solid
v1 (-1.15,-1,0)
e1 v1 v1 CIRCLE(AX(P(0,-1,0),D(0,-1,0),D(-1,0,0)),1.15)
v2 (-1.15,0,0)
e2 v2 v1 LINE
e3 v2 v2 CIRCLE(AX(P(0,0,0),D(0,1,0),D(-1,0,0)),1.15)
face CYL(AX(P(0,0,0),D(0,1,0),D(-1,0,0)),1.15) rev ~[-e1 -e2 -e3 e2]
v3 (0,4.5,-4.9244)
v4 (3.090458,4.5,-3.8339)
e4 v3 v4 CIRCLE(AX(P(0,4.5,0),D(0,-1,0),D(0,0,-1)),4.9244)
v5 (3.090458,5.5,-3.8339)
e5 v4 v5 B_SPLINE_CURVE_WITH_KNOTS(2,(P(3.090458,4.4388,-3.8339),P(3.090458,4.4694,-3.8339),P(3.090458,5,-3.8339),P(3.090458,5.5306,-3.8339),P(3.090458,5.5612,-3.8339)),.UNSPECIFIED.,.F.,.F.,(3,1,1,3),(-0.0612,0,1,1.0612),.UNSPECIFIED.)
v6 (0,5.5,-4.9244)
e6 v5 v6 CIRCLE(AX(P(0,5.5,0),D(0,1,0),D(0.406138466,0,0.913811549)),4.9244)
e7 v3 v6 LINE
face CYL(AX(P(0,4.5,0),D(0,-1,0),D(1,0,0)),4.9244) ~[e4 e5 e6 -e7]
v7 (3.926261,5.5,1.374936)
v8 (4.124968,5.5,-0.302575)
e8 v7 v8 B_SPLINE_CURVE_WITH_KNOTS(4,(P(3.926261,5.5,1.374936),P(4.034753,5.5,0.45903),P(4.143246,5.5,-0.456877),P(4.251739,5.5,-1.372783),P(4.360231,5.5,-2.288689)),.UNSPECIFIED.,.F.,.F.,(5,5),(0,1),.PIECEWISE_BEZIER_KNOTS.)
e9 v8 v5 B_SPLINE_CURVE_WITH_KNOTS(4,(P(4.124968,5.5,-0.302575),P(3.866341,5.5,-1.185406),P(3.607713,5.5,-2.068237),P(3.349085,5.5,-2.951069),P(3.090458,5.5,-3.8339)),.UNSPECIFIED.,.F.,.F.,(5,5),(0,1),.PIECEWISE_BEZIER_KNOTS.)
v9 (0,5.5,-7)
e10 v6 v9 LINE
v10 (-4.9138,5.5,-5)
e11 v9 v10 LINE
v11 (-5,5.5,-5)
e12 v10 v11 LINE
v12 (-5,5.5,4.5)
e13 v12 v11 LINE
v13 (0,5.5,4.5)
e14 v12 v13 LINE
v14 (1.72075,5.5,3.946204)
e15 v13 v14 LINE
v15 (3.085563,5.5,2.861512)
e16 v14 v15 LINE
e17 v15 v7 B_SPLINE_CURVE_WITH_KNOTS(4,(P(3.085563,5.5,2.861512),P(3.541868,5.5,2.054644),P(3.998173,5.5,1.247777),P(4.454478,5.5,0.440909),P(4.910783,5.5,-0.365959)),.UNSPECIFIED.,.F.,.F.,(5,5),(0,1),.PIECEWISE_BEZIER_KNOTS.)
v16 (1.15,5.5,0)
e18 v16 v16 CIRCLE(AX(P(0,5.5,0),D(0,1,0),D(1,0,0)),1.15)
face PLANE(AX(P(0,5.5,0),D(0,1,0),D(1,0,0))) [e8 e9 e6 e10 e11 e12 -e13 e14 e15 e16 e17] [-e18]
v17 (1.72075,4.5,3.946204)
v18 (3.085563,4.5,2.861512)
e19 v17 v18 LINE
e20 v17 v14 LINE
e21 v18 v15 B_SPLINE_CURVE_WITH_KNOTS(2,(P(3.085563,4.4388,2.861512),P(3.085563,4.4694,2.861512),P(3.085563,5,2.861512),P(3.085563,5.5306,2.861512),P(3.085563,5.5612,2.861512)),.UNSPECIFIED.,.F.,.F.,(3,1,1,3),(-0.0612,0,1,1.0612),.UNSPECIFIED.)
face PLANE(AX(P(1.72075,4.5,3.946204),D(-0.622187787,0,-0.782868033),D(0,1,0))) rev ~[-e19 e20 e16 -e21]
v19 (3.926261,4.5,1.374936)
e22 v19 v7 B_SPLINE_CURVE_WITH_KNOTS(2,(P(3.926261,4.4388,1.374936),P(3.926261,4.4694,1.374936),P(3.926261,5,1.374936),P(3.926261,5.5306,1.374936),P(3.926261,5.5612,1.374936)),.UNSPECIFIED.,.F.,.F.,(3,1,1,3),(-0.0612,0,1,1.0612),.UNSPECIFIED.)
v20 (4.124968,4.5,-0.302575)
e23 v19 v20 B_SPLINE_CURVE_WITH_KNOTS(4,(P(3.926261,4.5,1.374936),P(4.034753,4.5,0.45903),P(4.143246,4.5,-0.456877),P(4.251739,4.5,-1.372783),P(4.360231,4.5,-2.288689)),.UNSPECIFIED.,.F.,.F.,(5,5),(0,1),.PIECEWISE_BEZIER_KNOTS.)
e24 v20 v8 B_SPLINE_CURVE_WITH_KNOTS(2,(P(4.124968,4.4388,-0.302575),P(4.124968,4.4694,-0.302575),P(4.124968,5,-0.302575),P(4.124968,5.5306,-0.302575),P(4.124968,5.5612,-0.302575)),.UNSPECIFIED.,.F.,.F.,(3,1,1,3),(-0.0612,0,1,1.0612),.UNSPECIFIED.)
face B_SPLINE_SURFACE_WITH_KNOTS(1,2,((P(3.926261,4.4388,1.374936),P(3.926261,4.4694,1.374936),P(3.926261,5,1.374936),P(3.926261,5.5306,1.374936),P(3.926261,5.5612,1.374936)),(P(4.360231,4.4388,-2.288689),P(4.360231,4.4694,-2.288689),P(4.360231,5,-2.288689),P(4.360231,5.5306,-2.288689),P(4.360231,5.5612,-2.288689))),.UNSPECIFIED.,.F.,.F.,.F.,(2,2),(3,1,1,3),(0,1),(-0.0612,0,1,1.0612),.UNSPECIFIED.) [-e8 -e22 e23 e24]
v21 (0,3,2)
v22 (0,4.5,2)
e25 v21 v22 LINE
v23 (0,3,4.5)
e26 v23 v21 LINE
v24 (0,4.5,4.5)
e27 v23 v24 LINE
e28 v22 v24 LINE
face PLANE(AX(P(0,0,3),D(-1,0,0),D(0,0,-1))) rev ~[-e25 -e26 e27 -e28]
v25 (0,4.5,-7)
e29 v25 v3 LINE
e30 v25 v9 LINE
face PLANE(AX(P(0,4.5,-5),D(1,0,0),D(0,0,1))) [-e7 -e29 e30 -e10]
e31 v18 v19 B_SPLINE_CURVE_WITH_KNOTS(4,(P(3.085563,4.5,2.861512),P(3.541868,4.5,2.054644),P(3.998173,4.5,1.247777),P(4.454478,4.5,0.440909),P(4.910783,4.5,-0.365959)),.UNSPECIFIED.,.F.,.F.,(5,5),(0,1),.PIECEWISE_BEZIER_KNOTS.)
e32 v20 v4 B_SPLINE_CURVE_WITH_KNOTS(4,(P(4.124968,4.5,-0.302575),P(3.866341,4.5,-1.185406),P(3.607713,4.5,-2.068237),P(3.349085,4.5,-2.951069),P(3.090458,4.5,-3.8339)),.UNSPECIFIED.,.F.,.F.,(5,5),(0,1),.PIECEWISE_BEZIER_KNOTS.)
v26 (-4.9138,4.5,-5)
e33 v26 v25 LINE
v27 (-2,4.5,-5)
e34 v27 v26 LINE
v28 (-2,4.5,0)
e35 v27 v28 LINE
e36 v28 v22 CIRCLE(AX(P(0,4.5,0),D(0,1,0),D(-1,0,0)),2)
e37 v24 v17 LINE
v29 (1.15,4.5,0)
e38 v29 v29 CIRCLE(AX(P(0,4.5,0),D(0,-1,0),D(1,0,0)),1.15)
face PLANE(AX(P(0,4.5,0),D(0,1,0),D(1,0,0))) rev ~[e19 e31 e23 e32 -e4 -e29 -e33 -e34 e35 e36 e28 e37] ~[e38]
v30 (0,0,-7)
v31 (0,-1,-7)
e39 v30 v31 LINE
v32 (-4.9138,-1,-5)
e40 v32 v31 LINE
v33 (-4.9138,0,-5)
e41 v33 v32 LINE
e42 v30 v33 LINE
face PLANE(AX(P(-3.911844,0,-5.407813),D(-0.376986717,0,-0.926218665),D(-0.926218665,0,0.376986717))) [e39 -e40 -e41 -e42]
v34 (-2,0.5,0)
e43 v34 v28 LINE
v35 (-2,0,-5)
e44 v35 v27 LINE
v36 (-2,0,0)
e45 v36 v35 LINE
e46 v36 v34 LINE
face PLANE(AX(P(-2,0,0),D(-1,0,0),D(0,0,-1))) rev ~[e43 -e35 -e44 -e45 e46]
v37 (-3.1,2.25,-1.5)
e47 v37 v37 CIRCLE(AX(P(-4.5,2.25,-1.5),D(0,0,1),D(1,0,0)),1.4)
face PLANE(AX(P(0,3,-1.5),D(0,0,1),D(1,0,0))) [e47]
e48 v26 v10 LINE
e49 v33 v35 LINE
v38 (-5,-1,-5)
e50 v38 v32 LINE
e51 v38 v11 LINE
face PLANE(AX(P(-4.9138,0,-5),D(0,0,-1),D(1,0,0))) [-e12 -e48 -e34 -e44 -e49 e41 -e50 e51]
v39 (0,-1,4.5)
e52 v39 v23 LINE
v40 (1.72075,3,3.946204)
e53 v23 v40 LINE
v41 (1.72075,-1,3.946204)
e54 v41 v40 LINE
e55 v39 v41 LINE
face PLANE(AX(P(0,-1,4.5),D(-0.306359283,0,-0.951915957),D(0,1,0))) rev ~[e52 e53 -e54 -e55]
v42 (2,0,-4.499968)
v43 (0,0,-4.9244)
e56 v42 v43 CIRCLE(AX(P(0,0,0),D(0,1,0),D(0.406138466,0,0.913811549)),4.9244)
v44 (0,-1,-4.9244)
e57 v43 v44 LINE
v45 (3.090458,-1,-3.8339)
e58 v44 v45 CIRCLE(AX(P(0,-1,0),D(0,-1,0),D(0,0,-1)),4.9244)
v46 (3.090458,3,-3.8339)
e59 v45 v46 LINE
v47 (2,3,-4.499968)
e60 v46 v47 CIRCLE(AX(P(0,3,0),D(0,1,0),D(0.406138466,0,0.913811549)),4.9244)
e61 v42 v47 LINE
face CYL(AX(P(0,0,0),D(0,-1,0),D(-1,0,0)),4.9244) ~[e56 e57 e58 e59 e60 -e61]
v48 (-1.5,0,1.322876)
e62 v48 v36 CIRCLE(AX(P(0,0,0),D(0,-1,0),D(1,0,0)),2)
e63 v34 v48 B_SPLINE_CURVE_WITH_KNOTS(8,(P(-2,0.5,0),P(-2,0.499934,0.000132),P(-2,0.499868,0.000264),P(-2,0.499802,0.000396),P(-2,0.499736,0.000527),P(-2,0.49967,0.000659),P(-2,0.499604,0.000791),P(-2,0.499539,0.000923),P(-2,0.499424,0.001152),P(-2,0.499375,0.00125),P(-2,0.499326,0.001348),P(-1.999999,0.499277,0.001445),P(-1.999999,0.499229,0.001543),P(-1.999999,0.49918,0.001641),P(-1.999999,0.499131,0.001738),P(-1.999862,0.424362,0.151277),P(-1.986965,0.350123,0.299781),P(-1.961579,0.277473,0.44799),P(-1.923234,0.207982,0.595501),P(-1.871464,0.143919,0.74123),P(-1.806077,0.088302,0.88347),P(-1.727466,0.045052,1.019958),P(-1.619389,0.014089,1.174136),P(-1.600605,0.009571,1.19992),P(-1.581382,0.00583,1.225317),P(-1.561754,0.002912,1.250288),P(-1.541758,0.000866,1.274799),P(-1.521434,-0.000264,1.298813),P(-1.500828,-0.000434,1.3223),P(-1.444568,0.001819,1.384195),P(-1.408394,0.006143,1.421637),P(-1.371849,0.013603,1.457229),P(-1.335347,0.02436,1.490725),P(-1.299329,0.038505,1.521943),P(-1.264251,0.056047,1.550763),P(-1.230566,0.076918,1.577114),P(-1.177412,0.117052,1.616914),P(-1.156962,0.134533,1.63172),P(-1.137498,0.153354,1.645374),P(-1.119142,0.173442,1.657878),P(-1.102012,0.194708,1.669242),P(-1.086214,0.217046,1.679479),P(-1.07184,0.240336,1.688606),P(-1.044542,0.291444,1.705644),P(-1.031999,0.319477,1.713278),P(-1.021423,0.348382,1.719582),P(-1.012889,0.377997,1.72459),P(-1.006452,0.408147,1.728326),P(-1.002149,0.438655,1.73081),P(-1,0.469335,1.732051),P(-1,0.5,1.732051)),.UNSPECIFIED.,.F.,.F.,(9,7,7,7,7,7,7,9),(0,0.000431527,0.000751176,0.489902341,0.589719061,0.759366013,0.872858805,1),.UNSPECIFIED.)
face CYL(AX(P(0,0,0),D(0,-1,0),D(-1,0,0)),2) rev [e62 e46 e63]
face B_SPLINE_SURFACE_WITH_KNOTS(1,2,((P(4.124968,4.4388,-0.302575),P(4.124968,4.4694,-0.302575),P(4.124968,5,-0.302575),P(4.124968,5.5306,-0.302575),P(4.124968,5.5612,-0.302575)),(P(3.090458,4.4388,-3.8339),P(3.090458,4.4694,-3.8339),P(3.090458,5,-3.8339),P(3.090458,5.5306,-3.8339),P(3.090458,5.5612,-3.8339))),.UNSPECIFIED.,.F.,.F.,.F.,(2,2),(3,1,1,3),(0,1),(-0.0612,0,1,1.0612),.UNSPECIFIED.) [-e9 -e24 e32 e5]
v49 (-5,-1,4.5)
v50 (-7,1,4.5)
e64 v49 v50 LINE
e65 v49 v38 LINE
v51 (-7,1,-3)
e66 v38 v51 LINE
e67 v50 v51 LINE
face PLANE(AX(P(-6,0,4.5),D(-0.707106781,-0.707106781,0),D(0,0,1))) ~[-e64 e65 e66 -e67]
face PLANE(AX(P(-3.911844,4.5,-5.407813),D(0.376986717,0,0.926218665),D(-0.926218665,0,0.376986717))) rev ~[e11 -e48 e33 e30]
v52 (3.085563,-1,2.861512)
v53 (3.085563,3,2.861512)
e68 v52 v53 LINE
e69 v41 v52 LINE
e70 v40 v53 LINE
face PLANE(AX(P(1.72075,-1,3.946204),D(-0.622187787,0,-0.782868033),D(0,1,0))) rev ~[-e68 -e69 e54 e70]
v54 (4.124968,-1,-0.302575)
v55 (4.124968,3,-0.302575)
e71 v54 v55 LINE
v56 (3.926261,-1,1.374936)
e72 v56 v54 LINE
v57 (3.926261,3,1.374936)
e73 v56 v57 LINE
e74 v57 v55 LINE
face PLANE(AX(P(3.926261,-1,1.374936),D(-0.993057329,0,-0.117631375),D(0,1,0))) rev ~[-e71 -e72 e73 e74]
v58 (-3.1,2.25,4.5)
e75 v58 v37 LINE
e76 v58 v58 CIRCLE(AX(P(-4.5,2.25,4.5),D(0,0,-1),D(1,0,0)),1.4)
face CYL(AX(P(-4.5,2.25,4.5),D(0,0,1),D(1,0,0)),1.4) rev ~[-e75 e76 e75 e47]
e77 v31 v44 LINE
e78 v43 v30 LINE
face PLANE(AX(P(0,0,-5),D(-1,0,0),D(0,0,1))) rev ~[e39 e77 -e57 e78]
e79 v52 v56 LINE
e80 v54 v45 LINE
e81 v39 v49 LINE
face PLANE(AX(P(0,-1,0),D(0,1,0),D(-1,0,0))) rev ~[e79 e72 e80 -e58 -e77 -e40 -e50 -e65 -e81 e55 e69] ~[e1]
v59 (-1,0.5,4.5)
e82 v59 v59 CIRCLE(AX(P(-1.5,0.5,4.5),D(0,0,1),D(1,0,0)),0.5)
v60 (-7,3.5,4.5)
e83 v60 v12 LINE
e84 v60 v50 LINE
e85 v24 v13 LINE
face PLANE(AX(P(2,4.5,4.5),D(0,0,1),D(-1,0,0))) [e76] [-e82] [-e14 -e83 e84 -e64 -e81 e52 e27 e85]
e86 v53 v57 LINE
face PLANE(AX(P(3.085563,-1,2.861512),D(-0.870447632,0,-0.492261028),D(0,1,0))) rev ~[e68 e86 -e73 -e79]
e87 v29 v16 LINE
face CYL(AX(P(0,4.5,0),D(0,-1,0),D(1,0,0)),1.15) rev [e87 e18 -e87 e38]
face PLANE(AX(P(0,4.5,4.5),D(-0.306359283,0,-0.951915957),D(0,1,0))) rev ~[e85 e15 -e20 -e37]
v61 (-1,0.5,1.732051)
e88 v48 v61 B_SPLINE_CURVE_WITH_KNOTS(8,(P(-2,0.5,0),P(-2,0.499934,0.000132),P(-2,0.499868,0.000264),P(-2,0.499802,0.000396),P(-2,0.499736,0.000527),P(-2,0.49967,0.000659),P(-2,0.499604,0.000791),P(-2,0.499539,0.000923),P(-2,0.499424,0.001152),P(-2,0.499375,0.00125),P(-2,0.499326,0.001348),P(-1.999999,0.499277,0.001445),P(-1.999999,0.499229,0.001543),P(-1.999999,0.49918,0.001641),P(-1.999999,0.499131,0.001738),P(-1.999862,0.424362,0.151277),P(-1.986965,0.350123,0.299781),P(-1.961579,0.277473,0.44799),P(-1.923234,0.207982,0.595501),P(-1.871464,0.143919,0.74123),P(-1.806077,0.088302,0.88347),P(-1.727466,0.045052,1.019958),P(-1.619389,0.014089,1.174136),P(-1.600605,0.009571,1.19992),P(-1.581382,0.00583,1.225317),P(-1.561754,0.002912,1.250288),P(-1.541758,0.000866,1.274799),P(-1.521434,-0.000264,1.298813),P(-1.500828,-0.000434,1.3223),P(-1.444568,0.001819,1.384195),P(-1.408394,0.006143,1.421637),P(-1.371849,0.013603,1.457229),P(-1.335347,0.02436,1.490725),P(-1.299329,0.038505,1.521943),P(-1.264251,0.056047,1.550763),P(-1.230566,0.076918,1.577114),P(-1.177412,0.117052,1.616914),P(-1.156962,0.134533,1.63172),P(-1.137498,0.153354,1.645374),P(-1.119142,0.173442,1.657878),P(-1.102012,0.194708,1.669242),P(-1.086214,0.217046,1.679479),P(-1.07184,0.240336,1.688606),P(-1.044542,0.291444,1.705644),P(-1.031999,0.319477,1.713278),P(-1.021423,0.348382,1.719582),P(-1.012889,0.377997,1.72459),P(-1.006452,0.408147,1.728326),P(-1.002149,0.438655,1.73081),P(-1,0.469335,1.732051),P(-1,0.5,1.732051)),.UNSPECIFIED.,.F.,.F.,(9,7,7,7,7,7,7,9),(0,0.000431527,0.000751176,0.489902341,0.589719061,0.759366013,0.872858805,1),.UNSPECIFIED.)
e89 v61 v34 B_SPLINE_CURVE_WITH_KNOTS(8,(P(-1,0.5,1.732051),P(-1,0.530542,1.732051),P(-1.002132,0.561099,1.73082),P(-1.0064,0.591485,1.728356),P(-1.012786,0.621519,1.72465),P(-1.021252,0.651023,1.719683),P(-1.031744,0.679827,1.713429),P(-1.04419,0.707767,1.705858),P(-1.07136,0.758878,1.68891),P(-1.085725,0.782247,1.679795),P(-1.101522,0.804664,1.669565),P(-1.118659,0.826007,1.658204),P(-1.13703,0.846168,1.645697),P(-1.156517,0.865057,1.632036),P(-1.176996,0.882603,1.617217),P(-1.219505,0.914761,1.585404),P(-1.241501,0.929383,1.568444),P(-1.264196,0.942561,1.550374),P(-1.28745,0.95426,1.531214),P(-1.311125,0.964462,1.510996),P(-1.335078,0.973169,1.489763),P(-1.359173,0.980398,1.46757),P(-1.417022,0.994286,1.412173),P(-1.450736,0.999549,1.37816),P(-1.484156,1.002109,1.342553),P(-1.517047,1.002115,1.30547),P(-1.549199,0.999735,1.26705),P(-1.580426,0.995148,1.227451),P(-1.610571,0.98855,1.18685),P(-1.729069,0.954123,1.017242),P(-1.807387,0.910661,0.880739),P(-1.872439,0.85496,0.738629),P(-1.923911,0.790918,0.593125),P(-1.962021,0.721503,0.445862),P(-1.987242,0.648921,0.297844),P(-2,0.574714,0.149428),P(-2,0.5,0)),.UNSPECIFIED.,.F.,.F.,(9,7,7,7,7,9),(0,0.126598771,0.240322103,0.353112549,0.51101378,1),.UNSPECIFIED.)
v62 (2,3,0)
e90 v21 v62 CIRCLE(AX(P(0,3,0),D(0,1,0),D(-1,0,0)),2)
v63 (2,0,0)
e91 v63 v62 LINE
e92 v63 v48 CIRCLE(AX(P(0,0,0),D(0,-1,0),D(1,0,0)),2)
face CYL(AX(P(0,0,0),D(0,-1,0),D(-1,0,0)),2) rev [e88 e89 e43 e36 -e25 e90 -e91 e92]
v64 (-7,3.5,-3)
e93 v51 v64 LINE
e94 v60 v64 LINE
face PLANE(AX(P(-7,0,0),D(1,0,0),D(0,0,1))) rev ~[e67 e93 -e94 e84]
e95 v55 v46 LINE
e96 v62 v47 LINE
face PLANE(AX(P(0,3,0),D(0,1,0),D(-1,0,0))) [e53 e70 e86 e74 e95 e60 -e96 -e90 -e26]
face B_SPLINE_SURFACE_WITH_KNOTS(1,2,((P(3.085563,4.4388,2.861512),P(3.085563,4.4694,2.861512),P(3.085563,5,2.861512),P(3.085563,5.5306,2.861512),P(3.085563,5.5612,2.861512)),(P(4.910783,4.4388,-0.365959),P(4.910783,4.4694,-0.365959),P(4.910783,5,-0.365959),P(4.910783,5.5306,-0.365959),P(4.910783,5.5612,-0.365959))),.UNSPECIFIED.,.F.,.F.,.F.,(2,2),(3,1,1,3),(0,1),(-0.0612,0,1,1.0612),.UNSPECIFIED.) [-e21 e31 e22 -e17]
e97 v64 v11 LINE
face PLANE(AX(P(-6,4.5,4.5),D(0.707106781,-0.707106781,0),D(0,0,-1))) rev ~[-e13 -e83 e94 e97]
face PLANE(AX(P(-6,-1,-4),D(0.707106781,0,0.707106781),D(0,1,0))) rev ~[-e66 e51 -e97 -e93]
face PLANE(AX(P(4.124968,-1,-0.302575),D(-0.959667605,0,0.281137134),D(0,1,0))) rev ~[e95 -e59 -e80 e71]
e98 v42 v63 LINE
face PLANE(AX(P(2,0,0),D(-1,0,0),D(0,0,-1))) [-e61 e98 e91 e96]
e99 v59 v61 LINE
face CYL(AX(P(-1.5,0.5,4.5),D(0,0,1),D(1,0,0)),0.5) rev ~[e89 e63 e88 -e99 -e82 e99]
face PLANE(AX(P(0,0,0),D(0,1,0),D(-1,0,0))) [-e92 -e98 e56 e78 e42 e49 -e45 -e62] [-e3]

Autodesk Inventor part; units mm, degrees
ref_plane "YZ Plane" through (0, 0, 0) normal (1, 0, 0) x (0, 1, 0)
ref_plane "XZ Plane" through (0, 0, 0) normal (0, 1, 0) x (-1, 0, 0)
ref_plane "XY Plane" through (0, 0, 0) normal (0, 0, 1) x (1, 0, 0)
sketch "スケッチ1" plane through (0, 0, 0) normal (0, 1, 0) x (-1, 0, 0)
  circle A0 centre (0, 0) radius 1.15
  circle A1 centre (0, 0) radius 2
  circle A2 centre (0, 0) radius 5
  line L0 (0, 0) -> (7, 0)
  line L1 (7, 0) -> (7, 4.5)
  line L2 (7, 4.5) -> (0, 4.5)
  line L3 (0, 4.5) -> (0, 0)
  line L4 (0, 0) -> (7, 0)
  line L5 (7, 0) -> (7, -5)
  line L6 (7, -5) -> (0, -5)
  line L7 (0, -5) -> (0, 0)
  line L8 (0, 4.5) -> (-2, 4.5)
  line L9 (-2, 4.5) -> (-2, 0)
  line L10 (-2, 0) -> (0, 0)
  line L11 (0, 0) -> (0, 4.5)
  circle A3 centre (0, 0) radius 3
  line L12 (-2, 0) -> (-2, -5)
  line L13 (-2, -5) -> (0, -5)
  line L14 (2, 0) -> (2, -5)
  circle A4 centre (0, 0) radius 4.9244
  line L15 (-2, 0) -> (-4.9244, 0)
  line L16 (0, -4.9244) -> (0, -5.9244)
  line L17 (0, -5.9244) -> (7, -5.9244)
  line L18 (7, -5.9244) -> (7, -5)
  line L19 (7, -5) -> (0, -5.9244)
  line L20 (0, -5.9244) -> (4.9138, -5)
  line L21 (0, -5) -> (0, -7)
  line L22 (0, -7) -> (4.9138, -5)
  point P0 (0, 2)
  point P1 (-2, 2.2361)
  point P2 (-2, -2.2361)
  point P3 (-2, -4.5826)
  point P4 (-2, -4.5)
  point P5 (0, -4.9244)
  dimension "d2" = 10
  dimension "d0" = 2.3
  dimension "d1" = 4
  dimension "d3" = 7
  dimension "d4" = 4.5
  dimension "d5" = 6
  dimension "d22" = 1
  dimension "d34" = 5
  dimension "d39" = 2
extrude "押し出し1" add sketch "スケッチ1" along normal blind 4.5 contours A1 L3 A3 L0 | L0 A3 L14 | A3 L3 L2 A4 L0 | L0 A4 L14 A3 | A4 L2 A2 L0 | L0 A2 L14 A4 | L0 L5 L6 L14 A2 | A2 L2 L1 L0
extrude "押し出し2" add sketch "スケッチ1" along normal blind 3 contours A1 L9 A3 L3 | L15 A3 L9 | L12 A3 L15 | A3 L9 L8 L3 | A3 L15 A4 L9 | L12 A4 L15 A3
extrude "押し出し3" add sketch "スケッチ1" against normal blind 1 contours L0 A1 L7 A0 | A0 L3 A1 L0 | A0 L10 A1 L3 | L7 A1 L10 A0 | L14 A3 L7 A1 | A1 L3 A3 L0 | L0 A3 L14 | A1 L9 A3 L3 | L7 A3 L12 A1 | A3 L3 L2 A4 L0 | L0 A4 L14 A3 | L14 A4 L7 A3 | L15 A3 L9 | L12 A3 L15 | A3 L9 L8 L3 | L7 A4 L12 A3 | A4 L2 A2 L0 | L0 A2 L14 A4 | L14 A2 L7 A4 | A3 L15 A4 L9 | L12 A4 L15 A3 | L0 L5 L6 L14 A2 | A2 L2 L1 L0 | L14 L6 A2 | L6 L20 L16 | L19 L22 L17 | L20 L22 L19 | L17 L22 L21
sketch "スケッチ2" plane through (0, 4.5, 0) normal (0, 1, 0) x (1, 0, 0)
  circle A0 centre (0, 0) radius 1.15
  circle A1 centre (0, 0) radius 2
  circle A2 centre (0, 0) radius 4.9244
  line L0 (0, 0) -> (2, 0)
  line L1 (2, 0) -> (2, -4.5)
  line L2 (2, -4.5) -> (0, -4.5)
  line L3 (0, -4.5) -> (0, 0)
  line L4 (-2, 5) -> (-7, 5) projected
  line L5 (0, -4.5) -> (-7, -4.5)
  line L6 (-7, -4.5) -> (-7, 5)
  line L7 (-7, 5) -> (0, 5)
  line L8 (0, 5) -> (0, -4.5)
  line L9 (0, 0) -> (2, 0)
  line L10 (2, 0) -> (2, 5)
  line L11 (2, 5) -> (0, 5)
  line L12 (0, 5) -> (0, 0)
  line L13 (0, 5) -> (-7, 5)
  line L14 (0, 5.9244) -> (0, 5)
  line L15 (-7, 5) -> (0, 5.9244)
  line L16 (0, 5.9244) -> (-4.9138, 5)
  line L17 (-2, 5) -> (-7, 5) projected
  line L18 (0, 5) -> (0, 7)
  line L19 (0, 7) -> (-4.9138, 5)
  point P0 (0, 4.9244)
  dimension "d12" = 4
  dimension "d35" = 5
  dimension "d40" = 2
extrude "押し出し4" add sketch "スケッチ2" along normal blind 1 contours L0 A1 L3 A0 | A0 L8 A1 L0 | A0 L3 A1 L8 | L1 L2 L3 A1 | L10 A2 L1 | A1 L8 A2 L10 | A1 L3 L5 A2 L8 | A2 L5 L6 L4 L7 L8 | L7 L4 L16 L14 | L16 L19 L15 | L15 L19 L18
sketch "スケッチ4" plane through (0, 3, 4.5) normal (0, 0, 1) x (1, 0, 0)
  line L0 (-7, 2.5) -> (2, 2.5) projected
  line L1 (-7, 2.5) -> (-4.5, 2.5)
  line L2 (-4.5, 2.5) -> (-4.5, -0.75)
  line L3 (-4.5, -0.75) -> (-7, -0.75)
  line L4 (-7, -0.75) -> (-7, 2.5)
  circle A0 centre (-4.5, -0.75) radius 1.4
  line L5 (0, -3) -> (0, -2.5)
  line L6 (0, -2.5) -> (-1.5, -2.5)
  circle A1 centre (-1.5, -2.5) radius 0.5
  dimension "d23" = 2.5
  dimension "d24" = 3.25
  dimension "d25" = 2.8
  dimension "d26" = 0.5
  dimension "d27" = 1.5
  dimension "d28" = 1
extrude "押し出し6" cut sketch "スケッチ4" against normal blind 6 contours A0 L3 L2 | L2 L3 A0 | A1
chamfer "面取り2" distance 2 angle 45 3 edges at (-7, 5.5, -0.25) (-7, -1, -0.25) (-7, 2.25, -5)
chamfer "面取り3" distance 2 angle 45 2 edges at (2, 5, 4.5) (2, 1, 4.5)
chamfer "面取り4" distance 2 angle 45 2 edges at (3.6246, 5, 3.3335) (3.6246, 1, 3.3335)
chamfer "面取り5" distance 2 angle 45 2 edges at (4.6513, 1, 1.6172) (4.6513, 5, 1.6172)
chamfer "面取り6" distance 2 angle 45 2 edges at (4.9108, 1, -0.3659) (4.9108, 5, -0.3659)
chamfer "面取り7" distance 2 angle 45 2 edges at (4.3603, 5, -2.2887) (4.3603, 1, -2.2887)
properties part number "rod5.7"
